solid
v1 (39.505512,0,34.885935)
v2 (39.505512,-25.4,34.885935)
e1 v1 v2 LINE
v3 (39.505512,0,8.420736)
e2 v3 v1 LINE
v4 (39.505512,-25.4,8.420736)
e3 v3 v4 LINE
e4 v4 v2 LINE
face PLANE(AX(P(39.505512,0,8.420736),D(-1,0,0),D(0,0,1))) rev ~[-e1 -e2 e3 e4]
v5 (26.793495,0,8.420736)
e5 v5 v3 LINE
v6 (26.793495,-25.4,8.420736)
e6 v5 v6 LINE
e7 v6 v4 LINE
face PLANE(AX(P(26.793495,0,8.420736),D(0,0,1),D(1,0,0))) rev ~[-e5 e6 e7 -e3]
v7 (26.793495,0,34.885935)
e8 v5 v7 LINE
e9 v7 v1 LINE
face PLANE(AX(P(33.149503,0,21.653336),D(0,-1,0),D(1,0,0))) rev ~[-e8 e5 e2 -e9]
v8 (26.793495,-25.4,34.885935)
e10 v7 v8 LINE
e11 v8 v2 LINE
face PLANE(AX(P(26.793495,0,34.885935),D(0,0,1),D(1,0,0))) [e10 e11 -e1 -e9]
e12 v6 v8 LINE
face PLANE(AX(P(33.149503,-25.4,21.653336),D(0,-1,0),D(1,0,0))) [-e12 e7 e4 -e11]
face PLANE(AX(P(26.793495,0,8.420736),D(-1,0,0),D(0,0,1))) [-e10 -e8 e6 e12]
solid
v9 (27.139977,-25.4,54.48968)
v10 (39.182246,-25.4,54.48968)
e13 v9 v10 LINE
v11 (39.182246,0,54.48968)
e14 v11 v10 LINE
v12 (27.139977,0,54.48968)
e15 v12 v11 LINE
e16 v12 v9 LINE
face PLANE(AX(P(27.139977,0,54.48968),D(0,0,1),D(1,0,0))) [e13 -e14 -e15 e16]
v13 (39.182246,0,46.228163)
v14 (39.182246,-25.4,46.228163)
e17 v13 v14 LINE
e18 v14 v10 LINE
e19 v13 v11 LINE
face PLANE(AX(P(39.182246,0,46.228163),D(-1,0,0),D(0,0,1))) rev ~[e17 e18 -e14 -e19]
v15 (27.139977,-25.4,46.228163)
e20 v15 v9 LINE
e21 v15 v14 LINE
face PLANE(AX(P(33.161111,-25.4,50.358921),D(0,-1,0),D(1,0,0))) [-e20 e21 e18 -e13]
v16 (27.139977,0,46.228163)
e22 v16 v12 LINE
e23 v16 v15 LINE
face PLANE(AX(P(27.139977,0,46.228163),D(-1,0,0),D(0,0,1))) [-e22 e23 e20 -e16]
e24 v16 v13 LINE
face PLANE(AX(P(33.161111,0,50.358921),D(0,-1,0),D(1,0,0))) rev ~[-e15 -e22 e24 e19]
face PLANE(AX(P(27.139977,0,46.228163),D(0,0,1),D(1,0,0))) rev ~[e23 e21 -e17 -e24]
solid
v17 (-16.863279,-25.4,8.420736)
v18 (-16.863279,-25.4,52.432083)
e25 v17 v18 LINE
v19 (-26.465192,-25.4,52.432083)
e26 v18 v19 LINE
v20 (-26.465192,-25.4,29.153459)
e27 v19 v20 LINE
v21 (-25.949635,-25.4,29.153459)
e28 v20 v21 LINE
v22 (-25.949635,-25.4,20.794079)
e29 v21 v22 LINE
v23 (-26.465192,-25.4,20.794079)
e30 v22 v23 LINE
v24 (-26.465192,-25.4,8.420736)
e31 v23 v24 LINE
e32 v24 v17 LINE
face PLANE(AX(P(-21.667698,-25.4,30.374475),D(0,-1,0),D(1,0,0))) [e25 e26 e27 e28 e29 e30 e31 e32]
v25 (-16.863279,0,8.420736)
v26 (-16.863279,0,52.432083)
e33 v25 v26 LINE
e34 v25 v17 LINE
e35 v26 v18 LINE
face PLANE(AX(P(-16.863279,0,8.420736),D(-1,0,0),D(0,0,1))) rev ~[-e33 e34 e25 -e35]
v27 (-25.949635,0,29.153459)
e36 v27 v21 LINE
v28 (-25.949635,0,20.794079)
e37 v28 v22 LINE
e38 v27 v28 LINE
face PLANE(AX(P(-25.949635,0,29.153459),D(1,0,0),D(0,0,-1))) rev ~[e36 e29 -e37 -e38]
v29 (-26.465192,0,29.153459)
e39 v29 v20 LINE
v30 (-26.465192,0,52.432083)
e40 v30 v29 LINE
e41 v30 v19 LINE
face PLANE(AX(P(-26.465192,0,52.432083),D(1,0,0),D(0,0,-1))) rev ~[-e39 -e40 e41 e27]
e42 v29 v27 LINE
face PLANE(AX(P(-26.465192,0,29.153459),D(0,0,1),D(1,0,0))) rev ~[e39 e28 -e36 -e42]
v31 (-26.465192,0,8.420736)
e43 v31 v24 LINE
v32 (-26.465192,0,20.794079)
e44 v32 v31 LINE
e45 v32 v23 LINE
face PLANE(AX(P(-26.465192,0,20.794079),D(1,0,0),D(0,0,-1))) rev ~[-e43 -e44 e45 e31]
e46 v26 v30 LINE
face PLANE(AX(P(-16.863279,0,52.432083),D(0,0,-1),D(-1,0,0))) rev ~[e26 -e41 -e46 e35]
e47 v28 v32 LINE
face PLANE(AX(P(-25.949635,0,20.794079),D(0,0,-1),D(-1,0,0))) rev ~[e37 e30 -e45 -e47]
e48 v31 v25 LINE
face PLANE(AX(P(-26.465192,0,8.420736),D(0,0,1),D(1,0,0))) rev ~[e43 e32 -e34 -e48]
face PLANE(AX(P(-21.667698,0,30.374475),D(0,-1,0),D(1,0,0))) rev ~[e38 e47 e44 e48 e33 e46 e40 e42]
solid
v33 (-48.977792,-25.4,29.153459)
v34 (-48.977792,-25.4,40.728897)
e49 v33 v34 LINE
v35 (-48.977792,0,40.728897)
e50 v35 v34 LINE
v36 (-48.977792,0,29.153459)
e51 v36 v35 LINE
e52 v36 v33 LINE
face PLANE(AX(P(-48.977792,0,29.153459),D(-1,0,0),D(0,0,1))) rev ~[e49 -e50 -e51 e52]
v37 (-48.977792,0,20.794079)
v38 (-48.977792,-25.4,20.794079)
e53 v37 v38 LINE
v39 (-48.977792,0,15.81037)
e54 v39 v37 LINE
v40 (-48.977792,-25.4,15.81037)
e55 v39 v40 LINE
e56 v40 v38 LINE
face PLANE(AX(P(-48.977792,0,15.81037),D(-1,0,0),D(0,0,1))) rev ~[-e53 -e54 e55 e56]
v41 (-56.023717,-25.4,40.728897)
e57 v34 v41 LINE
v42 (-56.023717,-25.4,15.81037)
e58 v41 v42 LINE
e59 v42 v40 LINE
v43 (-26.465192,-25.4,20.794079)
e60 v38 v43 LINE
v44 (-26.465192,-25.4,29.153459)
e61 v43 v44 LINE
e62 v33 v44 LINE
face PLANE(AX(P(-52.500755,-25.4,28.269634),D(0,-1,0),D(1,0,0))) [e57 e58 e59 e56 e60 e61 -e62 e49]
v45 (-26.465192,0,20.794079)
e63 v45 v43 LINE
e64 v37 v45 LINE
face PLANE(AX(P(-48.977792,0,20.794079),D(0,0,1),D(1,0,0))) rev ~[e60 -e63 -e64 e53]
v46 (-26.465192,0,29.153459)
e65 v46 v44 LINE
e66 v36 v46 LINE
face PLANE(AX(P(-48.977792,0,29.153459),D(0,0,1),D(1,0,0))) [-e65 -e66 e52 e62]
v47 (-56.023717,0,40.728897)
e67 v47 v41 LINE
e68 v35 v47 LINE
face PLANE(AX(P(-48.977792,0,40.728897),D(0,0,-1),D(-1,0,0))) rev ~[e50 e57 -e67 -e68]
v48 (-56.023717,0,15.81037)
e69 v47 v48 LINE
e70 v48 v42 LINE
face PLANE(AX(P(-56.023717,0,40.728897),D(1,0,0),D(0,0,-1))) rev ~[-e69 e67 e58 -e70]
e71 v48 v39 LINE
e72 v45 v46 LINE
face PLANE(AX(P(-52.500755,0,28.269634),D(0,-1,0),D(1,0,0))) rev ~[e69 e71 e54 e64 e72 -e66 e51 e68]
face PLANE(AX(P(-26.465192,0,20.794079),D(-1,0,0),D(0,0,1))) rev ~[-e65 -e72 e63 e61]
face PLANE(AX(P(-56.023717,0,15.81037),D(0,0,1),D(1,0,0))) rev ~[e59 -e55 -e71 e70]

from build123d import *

# Parameters (mm, degrees)
F0_W     = 44.4966894574
F0_H     = 142.6403382793
F3_DEPTH = 99.9430287629
F2_W     = 12.7120167017
F2_H     = 26.4651998878
F4_DEPTH = 25.4
F2_W_2   = 12.0422691107
F2_H_2   = 8.2615166903
F2_W_3   = 22.5125998259
F2_H_3   = 8.3593800664


with BuildPart() as f3:
    # F0 (on Front) → F3 (new body)
    with BuildSketch(Plane.XZ):
        with Locations((25.8182415273, 74.7748683207)):
            Rectangle(F0_W, F0_H)
    extrude(amount=F3_DEPTH)


with BuildPart() as f4:
    # F2 (on Front) → F4 (new body)
    with BuildSketch(Plane.XZ):
        with Locations((33.1495031714, 21.6533355415)):
            Rectangle(F2_W, F2_H)
    extrude(amount=F4_DEPTH)


with BuildPart() as f4b:
    # F2 (on Front) → F4, piece 2 (new body)
    with BuildSketch(Plane.XZ):
        with Locations((33.161111176, 50.3589212894)):
            Rectangle(F2_W_2, F2_H_2)
    extrude(amount=F4_DEPTH)


with BuildPart() as f4c:
    # F2 (on Front) → F4, piece 3 (new body)
    with BuildSketch(Plane.XZ):
        Polygon((-26.4651924372, 52.4320825934), (-26.4651924372, 29.1534587741), (-25.9496346116, 29.1534587741), (-25.9496346116, 20.7940787077), (-26.4651924372, 20.7940787077), (-26.4651924372, 8.4207355976), (-16.8632790446, 8.4207355976), (-16.8632790446, 52.4320825934), align=None)
    extrude(amount=F4_DEPTH)


with BuildPart() as f4d:
    # F2 (on Front) → F4, piece 4 (new body)
    with BuildSketch(Plane.XZ):
        Polygon((-48.977792263, 40.7288968563), (-56.0237169266, 40.7288968563), (-56.0237169266, 15.8103704453), (-48.977792263, 15.8103704453), (-48.977792263, 20.7940787077), (-48.977792263, 29.1534587741), align=None)
        with Locations((-37.7214923501, 24.9737687409)):
            Rectangle(F2_W_3, F2_H_3)
    extrude(amount=F4_DEPTH)


solid = Compound([f4.part, f4b.part, f4c.part, f4d.part])
